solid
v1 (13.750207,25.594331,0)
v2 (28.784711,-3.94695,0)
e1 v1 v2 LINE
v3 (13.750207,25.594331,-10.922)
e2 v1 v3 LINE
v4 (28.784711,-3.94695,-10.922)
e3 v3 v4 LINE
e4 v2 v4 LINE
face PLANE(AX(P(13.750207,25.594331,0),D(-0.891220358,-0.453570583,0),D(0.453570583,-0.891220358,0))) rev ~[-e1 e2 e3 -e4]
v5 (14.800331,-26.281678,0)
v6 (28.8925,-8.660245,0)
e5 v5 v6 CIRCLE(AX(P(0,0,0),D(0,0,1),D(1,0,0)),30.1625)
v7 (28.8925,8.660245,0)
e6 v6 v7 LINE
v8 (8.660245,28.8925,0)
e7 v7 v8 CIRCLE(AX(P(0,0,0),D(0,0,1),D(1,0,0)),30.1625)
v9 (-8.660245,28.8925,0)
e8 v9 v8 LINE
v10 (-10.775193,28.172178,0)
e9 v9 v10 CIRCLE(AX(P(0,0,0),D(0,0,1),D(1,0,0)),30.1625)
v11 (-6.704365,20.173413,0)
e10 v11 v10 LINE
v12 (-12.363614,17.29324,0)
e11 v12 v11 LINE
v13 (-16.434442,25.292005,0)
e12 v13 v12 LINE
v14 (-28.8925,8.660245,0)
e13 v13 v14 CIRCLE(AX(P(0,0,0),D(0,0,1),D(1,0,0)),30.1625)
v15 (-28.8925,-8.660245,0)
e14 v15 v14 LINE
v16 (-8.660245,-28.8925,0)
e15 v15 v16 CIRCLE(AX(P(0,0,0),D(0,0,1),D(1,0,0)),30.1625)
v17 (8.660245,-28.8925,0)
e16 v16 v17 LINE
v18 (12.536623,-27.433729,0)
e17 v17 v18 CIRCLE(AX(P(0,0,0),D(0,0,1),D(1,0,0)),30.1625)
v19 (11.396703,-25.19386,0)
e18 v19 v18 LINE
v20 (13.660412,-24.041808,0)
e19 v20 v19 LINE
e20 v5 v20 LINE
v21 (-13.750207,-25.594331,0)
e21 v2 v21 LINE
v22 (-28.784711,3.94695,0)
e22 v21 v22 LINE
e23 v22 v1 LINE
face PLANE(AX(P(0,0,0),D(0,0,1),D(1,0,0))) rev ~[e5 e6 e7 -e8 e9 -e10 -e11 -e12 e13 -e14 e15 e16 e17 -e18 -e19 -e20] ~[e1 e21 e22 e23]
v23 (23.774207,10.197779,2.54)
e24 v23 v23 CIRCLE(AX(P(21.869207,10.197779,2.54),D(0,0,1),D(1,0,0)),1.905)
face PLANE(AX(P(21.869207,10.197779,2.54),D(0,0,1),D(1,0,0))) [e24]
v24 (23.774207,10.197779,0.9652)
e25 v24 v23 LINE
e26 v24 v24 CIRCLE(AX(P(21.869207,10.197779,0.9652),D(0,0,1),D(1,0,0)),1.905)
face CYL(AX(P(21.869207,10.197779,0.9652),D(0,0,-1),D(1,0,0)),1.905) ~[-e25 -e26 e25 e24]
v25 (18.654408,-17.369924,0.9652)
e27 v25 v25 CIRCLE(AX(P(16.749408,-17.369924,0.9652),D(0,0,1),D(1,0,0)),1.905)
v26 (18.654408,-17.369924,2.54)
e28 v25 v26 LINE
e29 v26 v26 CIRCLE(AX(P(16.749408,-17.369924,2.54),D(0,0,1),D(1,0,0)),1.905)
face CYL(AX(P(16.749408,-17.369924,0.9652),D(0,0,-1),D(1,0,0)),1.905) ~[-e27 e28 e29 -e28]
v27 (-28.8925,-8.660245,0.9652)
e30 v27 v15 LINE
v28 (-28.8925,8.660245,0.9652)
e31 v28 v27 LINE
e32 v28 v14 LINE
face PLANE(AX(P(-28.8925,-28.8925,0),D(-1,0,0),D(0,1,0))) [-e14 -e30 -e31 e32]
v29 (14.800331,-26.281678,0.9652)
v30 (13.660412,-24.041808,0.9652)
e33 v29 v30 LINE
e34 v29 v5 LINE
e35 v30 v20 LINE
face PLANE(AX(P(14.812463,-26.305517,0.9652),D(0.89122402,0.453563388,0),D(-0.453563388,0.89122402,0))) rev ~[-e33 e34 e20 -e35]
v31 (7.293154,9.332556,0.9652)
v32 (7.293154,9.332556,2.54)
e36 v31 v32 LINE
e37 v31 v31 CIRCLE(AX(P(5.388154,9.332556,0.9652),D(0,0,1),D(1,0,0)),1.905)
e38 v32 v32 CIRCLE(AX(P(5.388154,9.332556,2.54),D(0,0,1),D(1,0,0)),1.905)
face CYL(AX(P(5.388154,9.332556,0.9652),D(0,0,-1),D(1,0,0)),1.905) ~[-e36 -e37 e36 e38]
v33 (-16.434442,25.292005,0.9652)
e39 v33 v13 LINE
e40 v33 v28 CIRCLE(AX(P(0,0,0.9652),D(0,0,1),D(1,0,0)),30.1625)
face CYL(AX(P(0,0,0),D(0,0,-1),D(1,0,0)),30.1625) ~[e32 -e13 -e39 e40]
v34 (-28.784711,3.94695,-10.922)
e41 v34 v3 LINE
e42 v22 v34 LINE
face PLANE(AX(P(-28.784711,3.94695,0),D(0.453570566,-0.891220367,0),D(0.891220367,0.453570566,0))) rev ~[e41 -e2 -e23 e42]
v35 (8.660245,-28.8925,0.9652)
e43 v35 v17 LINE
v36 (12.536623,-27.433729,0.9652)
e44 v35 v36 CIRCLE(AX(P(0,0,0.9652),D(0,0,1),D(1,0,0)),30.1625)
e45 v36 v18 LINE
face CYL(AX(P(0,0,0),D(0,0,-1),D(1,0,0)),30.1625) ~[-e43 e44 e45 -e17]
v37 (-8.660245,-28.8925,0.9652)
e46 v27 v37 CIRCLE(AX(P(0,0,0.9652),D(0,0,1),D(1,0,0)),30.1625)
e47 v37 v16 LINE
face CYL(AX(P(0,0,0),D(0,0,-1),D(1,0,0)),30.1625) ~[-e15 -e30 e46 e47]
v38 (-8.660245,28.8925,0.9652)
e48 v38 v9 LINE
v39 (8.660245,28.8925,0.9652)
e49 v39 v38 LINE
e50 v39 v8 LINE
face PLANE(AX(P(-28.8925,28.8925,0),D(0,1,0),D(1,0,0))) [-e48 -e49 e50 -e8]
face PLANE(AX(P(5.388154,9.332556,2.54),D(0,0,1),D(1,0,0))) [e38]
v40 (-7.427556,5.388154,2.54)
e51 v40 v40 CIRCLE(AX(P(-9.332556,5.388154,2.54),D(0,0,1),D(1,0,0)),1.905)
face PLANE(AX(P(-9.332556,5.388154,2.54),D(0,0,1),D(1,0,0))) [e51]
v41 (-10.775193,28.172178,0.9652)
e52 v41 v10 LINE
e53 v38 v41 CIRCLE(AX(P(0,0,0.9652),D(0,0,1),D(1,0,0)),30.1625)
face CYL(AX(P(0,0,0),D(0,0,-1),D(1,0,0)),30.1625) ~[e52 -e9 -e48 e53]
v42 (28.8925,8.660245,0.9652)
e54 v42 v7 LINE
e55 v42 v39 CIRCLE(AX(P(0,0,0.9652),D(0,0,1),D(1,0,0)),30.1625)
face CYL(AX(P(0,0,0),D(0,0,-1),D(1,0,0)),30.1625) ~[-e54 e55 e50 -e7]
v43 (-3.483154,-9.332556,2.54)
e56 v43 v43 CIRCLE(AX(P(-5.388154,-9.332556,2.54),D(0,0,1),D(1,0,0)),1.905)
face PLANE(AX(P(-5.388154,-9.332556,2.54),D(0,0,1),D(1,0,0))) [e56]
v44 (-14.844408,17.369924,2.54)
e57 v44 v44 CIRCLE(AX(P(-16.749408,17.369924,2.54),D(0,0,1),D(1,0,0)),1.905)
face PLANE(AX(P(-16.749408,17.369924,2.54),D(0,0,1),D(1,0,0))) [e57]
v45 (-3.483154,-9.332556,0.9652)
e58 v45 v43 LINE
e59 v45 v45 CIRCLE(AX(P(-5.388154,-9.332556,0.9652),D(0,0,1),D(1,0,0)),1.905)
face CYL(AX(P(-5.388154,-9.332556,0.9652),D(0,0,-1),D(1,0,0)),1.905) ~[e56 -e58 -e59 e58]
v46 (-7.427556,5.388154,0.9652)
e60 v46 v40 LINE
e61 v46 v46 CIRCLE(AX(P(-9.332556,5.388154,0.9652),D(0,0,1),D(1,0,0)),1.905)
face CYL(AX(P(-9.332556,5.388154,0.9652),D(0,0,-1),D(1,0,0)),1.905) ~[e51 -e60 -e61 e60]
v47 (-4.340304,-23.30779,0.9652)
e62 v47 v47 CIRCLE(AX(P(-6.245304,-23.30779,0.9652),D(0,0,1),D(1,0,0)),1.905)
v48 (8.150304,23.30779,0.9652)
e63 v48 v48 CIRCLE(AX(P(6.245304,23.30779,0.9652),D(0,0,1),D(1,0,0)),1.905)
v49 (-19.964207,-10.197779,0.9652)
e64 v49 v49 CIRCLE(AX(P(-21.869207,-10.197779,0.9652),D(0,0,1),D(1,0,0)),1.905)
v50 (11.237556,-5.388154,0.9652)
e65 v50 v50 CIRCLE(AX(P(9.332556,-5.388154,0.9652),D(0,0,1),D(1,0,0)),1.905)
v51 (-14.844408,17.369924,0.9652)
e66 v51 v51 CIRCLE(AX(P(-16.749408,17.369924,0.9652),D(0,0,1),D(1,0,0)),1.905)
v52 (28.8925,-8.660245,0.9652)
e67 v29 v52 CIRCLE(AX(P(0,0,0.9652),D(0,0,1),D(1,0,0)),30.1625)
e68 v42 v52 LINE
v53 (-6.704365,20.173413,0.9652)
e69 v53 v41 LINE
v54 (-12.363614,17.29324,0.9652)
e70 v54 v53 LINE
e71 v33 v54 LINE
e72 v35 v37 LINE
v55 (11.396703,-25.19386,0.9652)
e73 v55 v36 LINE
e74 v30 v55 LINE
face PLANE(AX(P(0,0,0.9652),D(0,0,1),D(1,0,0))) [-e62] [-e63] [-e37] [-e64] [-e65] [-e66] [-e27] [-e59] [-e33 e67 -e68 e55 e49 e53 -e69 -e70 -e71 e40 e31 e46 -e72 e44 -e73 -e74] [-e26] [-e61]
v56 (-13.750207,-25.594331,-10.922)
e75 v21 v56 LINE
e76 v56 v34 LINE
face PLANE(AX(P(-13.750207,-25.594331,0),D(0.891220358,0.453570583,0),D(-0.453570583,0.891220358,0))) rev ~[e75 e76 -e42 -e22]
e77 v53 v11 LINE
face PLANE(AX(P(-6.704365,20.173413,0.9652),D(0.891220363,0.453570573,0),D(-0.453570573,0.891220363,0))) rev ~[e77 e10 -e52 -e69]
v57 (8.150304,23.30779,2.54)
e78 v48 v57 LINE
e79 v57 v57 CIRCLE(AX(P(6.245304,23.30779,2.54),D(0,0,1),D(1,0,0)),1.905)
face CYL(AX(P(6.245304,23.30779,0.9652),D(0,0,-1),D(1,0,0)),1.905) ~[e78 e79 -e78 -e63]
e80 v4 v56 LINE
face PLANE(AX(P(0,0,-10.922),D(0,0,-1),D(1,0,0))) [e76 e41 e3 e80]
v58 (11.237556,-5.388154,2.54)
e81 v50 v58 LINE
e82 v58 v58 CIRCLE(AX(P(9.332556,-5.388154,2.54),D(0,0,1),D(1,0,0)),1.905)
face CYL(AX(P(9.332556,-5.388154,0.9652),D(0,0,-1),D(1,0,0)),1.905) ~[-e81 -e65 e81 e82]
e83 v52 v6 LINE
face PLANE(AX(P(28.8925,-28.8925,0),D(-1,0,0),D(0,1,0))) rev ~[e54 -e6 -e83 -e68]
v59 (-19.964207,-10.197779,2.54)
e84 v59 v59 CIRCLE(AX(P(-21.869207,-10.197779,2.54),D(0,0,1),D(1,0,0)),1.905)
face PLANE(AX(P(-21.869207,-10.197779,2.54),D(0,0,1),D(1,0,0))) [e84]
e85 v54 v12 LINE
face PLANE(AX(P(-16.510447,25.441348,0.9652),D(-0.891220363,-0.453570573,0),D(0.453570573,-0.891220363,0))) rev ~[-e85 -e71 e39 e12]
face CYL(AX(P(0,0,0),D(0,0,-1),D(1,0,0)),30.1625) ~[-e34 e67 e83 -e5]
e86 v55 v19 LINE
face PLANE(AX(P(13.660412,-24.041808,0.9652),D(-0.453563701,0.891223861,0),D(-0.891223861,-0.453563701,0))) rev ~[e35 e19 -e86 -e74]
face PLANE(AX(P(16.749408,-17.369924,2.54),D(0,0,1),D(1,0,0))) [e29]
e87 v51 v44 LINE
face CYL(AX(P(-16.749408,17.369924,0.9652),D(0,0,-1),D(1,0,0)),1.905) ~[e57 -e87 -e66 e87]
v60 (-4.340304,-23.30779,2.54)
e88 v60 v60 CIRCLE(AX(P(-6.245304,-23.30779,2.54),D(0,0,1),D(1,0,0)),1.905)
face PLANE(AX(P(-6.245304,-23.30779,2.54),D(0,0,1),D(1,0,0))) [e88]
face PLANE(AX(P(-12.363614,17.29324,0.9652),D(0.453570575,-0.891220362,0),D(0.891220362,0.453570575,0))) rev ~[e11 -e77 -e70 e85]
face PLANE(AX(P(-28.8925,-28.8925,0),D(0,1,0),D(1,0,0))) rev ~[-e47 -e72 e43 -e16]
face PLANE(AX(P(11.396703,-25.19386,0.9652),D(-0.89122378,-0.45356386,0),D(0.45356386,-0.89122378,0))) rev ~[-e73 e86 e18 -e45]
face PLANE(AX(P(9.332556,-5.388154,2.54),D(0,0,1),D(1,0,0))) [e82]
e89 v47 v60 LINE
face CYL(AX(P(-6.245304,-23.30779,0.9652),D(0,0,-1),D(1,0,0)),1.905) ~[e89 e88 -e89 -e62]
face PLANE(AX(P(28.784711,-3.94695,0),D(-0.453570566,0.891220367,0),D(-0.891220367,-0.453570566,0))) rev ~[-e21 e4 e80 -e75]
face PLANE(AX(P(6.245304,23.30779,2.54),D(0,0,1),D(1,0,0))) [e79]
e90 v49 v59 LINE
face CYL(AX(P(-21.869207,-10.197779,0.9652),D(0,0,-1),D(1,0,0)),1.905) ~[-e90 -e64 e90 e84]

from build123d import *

# Parameters (mm, degrees)
F0_R      = 30.1625
F1_DEPTH  = 0.9652
F2_W      = 76.2
F2_H      = 76.2
F2_W_2    = 57.785
F2_H_2    = 57.785
F3_DEPTH  = 0.9662
F4_R      = 1.905
F5_DEPTH  = 1.5748
F6_R      = 1.905
F7_DEPTH  = 1.5748
F9_DEPTH  = 25.4
F11_DEPTH = 25.4
F13_DEPTH = 10.922


with BuildPart() as f1:
    # F0 (on Top) → F1 (new body)
    with BuildSketch(Plane.XY):
        Circle(F0_R)
    extrude(amount=F1_DEPTH)

    # F2 (on Top) → F3 (cut, through all)
    with BuildSketch(Plane.XY):
        Rectangle(F2_W, F2_H)
        Rectangle(F2_W_2, F2_H_2, mode=Mode.SUBTRACT)
    extrude(amount=F3_DEPTH, mode=Mode.SUBTRACT)

    # F4 (on face) → F5 (join)
    with BuildSketch(Plane.XY.offset(0.9652)):
        with Locations((-9.332556, 5.388154)):
            Circle(F4_R)
        with Locations((5.388154, 9.332556)):
            Circle(F4_R)
        with Locations((9.332556, -5.388154)):
            Circle(F4_R)
        with Locations((-5.388154, -9.332556)):
            Circle(F4_R)
    extrude(amount=F5_DEPTH)

    # F6 (on face) → F7 (join)
    with BuildSketch(Plane.XY.offset(0.9652)):
        with Locations((6.245304, 23.30779)):
            Circle(F6_R)
        with Locations((-16.749408, 17.369924)):
            Circle(F6_R)
        with Locations((-6.245304, -23.30779)):
            Circle(F6_R)
        with Locations((16.749408, -17.369924)):
            Circle(F6_R)
        with Locations((21.869207, 10.197779)):
            Circle(F6_R)
        with Locations((-21.869207, -10.197779)):
            Circle(F6_R)
    extrude(amount=F7_DEPTH)

    # F8 (on face) → F9 (cut)
    with BuildSketch(Plane.XY.offset(0.9652)):
        Polygon((11.396703, -25.19386), (12.548755, -27.457568), (14.812463, -26.305517), (13.660412, -24.041808), align=None)
    extrude(amount=-F9_DEPTH, mode=Mode.SUBTRACT)

    # F10 (on face) → F11 (cut)
    with BuildSketch(Plane.XY.offset(0.9652)):
        Polygon((-10.851198, 28.321521), (-16.510447, 25.441348), (-12.363614, 17.29324), (-6.704365, 20.173413), align=None)
    extrude(amount=-F11_DEPTH, mode=Mode.SUBTRACT)

    # F12 (on face) → F13 (join)
    with BuildSketch(Plane(origin=(0, 0, 0), x_dir=(1, 0, 0), z_dir=(0, 0, -1))):
        Polygon((-28.784711, -3.94695), (13.750207, -25.594331), (28.784711, 3.94695), (-13.750207, 25.594331), align=None)
    extrude(amount=F13_DEPTH)


solid = f1.part
